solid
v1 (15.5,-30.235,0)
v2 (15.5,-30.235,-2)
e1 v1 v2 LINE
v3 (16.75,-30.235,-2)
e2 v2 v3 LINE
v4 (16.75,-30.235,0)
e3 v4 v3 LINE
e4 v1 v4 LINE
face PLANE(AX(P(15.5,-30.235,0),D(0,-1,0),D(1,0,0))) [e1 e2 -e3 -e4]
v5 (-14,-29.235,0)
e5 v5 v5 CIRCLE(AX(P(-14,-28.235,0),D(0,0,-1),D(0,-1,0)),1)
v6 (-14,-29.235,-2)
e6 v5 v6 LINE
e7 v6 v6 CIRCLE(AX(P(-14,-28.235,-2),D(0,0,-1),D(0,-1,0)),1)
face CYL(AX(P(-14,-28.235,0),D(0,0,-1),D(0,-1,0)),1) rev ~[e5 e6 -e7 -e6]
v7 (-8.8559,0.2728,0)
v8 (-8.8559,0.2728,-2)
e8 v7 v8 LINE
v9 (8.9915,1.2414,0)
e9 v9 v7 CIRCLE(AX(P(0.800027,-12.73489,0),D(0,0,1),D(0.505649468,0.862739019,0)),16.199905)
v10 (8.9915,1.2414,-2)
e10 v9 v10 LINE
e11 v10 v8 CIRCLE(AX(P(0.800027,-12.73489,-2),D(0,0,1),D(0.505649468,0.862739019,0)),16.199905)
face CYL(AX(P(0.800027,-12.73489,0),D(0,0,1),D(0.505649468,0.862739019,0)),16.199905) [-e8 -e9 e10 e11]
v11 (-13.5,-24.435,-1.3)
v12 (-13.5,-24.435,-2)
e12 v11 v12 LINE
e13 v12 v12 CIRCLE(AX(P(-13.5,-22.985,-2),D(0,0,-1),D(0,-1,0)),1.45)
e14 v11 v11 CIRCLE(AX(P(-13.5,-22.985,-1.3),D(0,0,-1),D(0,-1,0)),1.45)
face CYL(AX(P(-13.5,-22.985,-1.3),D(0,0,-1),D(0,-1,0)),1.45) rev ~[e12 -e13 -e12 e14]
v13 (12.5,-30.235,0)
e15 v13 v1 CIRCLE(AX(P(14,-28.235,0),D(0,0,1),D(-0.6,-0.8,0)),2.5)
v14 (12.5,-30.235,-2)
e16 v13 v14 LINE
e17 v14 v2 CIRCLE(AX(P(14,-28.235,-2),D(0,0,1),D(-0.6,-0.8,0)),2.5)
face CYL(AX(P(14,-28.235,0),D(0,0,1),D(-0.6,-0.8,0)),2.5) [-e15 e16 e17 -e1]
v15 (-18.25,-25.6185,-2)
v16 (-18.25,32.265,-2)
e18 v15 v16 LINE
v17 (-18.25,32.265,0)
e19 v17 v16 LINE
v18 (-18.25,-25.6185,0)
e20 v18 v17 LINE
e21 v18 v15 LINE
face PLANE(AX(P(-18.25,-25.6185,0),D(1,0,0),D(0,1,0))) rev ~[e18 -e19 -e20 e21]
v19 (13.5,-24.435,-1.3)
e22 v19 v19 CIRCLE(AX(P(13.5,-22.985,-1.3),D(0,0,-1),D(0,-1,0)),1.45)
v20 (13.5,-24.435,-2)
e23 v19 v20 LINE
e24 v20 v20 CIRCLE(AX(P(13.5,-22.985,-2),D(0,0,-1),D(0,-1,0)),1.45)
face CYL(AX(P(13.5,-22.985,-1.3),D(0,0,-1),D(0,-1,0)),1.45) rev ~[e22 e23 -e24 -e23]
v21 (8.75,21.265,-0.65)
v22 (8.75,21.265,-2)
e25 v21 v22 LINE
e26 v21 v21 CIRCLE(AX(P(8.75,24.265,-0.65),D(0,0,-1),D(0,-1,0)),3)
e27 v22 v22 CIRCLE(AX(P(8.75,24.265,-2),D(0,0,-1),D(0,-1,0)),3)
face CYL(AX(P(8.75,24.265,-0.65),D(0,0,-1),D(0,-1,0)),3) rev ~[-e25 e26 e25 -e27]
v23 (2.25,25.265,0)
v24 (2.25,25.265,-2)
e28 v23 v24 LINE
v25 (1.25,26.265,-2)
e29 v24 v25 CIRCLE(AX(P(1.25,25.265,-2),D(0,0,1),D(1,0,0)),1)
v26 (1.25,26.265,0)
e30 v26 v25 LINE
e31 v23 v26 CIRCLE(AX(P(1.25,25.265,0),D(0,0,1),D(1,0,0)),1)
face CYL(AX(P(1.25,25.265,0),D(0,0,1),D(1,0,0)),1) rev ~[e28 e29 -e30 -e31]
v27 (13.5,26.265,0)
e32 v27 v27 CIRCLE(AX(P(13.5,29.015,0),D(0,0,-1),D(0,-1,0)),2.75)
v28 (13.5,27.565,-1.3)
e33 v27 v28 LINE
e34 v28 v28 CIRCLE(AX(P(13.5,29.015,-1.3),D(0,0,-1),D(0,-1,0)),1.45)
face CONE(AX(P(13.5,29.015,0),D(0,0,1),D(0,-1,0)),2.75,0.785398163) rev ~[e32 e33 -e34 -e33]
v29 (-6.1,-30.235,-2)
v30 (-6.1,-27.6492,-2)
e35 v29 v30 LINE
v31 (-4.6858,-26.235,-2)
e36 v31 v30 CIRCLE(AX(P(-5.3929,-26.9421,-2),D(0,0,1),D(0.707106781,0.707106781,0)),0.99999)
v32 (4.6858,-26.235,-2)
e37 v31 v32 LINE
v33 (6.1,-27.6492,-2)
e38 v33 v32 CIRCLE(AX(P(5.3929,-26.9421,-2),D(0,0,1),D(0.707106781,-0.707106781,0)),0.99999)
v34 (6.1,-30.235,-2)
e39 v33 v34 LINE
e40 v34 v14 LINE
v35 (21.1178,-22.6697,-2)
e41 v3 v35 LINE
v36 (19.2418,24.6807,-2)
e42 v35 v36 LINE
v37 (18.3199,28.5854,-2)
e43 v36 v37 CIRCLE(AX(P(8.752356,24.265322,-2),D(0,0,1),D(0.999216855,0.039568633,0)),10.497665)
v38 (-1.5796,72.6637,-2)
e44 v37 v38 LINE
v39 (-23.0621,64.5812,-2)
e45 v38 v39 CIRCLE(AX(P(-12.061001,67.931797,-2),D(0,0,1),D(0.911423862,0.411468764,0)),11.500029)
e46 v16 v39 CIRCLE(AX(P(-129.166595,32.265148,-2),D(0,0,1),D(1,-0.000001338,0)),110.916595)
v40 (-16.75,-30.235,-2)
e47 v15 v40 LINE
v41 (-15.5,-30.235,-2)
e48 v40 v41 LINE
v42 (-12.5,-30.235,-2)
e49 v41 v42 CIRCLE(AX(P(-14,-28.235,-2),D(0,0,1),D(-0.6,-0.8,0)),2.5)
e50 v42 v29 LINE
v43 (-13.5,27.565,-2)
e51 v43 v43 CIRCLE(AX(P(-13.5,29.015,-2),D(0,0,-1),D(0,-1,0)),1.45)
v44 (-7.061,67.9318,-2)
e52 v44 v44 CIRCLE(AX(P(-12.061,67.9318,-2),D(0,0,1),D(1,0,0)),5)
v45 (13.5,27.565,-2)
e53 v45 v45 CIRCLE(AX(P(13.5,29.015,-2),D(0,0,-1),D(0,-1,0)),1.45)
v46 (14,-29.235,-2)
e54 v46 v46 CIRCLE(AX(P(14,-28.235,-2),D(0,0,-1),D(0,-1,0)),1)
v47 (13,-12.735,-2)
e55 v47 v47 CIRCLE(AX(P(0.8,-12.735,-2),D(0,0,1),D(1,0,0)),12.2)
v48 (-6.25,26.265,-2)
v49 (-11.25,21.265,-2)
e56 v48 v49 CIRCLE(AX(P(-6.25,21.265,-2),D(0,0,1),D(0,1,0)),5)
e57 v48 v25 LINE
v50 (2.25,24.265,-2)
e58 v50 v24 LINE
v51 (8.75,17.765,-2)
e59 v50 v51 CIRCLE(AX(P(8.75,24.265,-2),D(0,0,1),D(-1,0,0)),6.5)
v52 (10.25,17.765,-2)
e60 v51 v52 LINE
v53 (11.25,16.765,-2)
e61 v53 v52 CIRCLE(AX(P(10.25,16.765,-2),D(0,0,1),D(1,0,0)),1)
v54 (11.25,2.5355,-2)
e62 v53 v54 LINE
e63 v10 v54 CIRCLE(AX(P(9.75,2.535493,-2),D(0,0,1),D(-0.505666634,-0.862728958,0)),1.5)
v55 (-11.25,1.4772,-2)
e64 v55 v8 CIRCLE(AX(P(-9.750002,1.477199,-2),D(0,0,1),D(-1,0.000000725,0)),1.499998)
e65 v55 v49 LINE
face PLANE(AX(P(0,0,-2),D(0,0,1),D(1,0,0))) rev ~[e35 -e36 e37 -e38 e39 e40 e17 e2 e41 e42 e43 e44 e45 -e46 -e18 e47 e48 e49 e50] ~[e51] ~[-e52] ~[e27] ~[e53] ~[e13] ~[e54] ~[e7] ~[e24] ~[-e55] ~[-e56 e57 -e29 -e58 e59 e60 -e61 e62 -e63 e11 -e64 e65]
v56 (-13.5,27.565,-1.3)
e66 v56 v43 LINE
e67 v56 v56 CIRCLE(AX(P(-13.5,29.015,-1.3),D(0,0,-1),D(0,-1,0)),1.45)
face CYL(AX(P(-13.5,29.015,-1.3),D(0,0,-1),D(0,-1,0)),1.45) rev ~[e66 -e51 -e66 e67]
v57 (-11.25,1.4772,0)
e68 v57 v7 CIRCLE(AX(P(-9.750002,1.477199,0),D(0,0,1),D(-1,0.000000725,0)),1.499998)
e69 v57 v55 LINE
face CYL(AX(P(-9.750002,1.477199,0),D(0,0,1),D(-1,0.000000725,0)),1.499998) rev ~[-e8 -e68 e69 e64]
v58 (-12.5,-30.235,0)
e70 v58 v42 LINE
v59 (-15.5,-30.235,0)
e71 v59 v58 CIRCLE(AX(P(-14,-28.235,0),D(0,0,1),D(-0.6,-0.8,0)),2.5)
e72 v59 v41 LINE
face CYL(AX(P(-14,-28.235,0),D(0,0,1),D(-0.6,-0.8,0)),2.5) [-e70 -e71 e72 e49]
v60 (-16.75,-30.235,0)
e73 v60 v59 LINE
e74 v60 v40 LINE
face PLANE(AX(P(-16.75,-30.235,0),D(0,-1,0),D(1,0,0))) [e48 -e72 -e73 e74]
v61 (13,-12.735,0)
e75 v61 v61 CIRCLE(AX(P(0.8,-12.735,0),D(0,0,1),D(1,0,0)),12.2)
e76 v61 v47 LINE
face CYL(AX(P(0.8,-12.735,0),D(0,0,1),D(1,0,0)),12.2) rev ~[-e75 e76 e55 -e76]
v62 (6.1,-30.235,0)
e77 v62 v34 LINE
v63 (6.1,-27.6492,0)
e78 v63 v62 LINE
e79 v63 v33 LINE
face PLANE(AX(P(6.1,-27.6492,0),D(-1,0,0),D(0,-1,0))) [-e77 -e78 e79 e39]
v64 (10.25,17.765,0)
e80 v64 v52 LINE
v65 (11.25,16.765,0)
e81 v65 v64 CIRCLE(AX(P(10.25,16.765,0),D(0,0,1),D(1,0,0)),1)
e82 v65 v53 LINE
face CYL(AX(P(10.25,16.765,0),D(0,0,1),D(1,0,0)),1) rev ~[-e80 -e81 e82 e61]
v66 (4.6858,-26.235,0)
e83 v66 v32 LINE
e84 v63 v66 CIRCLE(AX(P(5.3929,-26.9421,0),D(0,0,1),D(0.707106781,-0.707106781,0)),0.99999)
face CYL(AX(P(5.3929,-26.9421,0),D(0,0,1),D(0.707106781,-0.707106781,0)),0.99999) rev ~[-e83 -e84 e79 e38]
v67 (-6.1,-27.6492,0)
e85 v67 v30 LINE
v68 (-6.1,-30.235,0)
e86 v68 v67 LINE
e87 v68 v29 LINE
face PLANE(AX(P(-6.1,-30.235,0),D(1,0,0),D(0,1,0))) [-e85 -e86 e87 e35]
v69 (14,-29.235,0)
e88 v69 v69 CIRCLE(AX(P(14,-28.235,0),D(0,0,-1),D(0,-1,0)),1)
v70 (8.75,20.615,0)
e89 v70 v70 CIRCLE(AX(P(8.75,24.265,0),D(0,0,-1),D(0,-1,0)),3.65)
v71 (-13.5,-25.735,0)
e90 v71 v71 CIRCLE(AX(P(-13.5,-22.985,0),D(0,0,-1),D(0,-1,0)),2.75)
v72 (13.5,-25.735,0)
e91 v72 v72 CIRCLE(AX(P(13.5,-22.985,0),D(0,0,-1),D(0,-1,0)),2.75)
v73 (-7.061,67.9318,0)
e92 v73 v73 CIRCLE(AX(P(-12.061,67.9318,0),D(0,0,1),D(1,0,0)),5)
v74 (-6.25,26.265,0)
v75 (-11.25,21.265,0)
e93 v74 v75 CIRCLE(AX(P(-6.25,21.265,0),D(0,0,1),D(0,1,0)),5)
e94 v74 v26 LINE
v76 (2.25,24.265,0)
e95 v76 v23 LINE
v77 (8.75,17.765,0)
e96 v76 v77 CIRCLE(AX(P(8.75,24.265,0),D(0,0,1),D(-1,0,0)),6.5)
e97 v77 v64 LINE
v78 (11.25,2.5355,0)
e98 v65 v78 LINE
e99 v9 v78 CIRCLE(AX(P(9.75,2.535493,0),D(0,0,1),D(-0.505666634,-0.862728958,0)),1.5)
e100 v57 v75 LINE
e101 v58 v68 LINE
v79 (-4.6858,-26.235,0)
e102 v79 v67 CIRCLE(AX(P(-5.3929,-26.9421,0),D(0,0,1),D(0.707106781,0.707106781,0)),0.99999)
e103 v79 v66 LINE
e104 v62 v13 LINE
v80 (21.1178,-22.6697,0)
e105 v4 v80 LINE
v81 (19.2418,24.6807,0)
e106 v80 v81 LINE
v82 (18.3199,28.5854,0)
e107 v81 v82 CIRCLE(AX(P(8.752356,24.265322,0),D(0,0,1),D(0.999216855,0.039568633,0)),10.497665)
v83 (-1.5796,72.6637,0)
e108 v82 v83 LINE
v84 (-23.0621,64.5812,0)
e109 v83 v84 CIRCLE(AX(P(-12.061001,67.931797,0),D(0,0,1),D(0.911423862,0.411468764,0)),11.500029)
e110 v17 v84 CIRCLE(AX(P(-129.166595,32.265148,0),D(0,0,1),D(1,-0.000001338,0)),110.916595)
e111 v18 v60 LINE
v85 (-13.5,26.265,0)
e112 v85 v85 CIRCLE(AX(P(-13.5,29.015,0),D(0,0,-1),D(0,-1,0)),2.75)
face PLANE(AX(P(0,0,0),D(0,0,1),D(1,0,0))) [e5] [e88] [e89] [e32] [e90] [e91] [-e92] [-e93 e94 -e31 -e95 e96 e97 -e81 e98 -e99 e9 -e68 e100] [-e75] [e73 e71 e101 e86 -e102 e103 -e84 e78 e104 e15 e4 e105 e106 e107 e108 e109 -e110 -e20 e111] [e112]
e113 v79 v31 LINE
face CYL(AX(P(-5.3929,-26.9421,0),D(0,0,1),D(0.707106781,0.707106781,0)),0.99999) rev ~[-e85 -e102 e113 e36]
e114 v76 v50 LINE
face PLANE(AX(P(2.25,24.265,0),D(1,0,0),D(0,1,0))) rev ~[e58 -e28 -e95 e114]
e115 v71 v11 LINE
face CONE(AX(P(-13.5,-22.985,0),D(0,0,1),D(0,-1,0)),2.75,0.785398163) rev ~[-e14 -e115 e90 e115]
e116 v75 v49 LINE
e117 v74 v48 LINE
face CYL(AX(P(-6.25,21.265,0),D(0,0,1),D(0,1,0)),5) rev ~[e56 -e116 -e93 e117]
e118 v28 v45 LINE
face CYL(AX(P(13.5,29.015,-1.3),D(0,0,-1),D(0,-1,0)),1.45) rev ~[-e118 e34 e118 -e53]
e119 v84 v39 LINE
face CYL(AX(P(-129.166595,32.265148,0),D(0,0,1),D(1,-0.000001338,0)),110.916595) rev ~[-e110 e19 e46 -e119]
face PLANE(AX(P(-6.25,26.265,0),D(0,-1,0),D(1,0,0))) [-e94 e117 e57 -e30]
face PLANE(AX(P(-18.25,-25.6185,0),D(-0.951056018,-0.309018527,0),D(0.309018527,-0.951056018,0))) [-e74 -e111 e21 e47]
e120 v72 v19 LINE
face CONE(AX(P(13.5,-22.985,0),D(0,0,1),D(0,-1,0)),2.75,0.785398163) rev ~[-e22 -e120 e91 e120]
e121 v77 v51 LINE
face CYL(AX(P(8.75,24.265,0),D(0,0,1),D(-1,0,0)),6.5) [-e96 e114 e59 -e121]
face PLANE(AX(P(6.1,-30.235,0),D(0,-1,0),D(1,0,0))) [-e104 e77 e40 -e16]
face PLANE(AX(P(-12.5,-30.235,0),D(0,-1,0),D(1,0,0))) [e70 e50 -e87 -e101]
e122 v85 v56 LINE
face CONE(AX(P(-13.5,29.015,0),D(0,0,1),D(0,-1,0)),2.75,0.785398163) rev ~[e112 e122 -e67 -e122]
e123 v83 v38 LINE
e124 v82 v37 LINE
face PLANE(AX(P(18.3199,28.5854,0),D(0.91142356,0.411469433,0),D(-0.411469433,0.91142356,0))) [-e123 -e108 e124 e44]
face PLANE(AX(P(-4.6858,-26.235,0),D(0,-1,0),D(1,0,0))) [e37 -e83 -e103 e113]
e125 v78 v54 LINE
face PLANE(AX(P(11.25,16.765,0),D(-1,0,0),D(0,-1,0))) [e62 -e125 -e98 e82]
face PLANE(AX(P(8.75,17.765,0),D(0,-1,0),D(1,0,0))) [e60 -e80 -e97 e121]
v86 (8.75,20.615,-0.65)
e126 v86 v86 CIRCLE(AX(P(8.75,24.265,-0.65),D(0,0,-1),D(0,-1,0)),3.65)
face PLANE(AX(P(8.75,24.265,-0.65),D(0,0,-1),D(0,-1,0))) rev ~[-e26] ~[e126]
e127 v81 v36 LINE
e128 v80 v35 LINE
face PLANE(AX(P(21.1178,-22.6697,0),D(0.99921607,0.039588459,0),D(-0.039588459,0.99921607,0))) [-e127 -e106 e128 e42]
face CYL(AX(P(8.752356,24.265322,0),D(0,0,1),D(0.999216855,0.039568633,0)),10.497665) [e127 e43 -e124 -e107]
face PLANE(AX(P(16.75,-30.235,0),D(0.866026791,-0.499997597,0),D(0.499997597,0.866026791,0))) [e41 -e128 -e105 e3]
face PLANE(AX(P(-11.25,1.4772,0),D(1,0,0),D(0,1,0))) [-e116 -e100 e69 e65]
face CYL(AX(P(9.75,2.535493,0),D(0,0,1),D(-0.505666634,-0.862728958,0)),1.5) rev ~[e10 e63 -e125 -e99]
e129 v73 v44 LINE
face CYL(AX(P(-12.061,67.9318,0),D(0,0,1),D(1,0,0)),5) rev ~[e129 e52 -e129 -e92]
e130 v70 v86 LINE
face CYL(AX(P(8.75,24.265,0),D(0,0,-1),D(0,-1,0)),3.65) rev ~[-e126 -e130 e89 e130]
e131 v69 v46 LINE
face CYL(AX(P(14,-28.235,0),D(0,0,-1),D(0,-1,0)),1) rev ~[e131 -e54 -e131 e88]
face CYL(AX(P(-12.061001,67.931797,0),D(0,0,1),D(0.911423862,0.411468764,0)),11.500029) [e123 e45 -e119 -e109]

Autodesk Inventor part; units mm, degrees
ref_plane "YZ Plane" through (0, 0, 0) normal (1, 0, 0) x (0, 1, 0)
ref_plane "XZ Plane" through (0, 0, 0) normal (0, 1, 0) x (-1, 0, 0)
ref_plane "XY Plane" through (0, 0, 0) normal (0, 0, 1) x (1, 0, 0)
sketch "スケッチ1" plane through (0, 0, 0) normal (0, 0, 1) x (1, 0, 0)
  circle A0 centre (13.5, 29.015) radius 1.3 construction
  circle A1 centre (-13.5, 29.015) radius 1.3 construction
  circle A2 centre (-13.5, -22.985) radius 1.3 construction
  circle A3 centre (13.5, -22.985) radius 1.3 construction
  line L0 (13.5, 29.015) -> (-13.5, 29.015) construction
  line L1 (-13.5, 29.015) -> (-13.5, -22.985) construction
  line L2 (-13.5, -22.985) -> (13.5, -22.985) construction
  line L3 (13.5, -22.985) -> (13.5, 29.015) construction
  line L4 (21.1178, -22.6697) -> (19.2418, 24.6807)
  arc A4 (19.2418, 24.6807) -> (18.3199, 28.5854) centre (8.75, 24.265) ccw
  line L5 (0, 0) -> (0, -35.9566) construction
  circle A5 centre (-12.061, 67.9318) radius 5
  line L6 (-16.75, -30.235) -> (-15.5, -30.235) projected
  arc A6 (-15.5, -30.235) -> (-12.5, -30.235) centre (-14, -28.235) ccw projected
  line L7 (-12.5, -30.235) -> (-6.1, -30.235) projected
  line L8 (-6.1, -30.235) -> (-6.1, -27.6492) projected
  arc A7 (-4.6858, -26.235) -> (-6.1, -27.6492) centre (-5.3929, -26.9421) ccw projected
  line L9 (-4.6858, -26.235) -> (4.6858, -26.235) projected
  arc A8 (6.1, -27.6492) -> (4.6858, -26.235) centre (5.3929, -26.9421) ccw projected
  line L10 (6.1, -27.6492) -> (6.1, -30.235) projected
  line L11 (6.1, -30.235) -> (12.5, -30.235) projected
  arc A9 (12.5, -30.235) -> (15.5, -30.235) centre (14, -28.235) ccw projected
  line L12 (15.5, -30.235) -> (16.75, -30.235) projected
  arc A10 (-11.25, -10.8278) -> (11.25, -6.4392) centre (0.8, -12.735) ccw construction
  circle A11 centre (0.8, -12.735) radius 12.2
  circle A12 centre (-12.061, 67.9318) radius 5 construction
  circle A13 centre (8.75, 24.265) radius 3 construction
  line L13 (-11.25, 1.4772) -> (-11.25, 21.265)
  arc A14 (-6.25, 26.265) -> (-11.25, 21.265) centre (-6.25, 21.265) ccw
  line L14 (-6.25, 26.265) -> (1.25, 26.265)
  line L15 (11.25, 16.765) -> (11.25, 2.5355)
  arc A15 (2.25, 24.265) -> (8.75, 17.765) centre (8.75, 24.265) ccw
  line L16 (8.75, 17.765) -> (10.25, 17.765)
  line L17 (2.25, 24.265) -> (2.25, 25.265)
  arc A16 (11.25, 16.765) -> (10.25, 17.765) centre (10.25, 16.765) ccw
  arc A17 (2.25, 25.265) -> (1.25, 26.265) centre (1.25, 25.265) ccw
  arc A18 (8.9915, 1.2414) -> (-8.8559, 0.2728) centre (0.8, -12.735) ccw
  arc A19 (8.9915, 1.2414) -> (11.25, 2.5355) centre (9.75, 2.5355) ccw
  arc A20 (-11.25, 1.4772) -> (-8.8559, 0.2728) centre (-9.75, 1.4772) ccw
  line L18 (18.3199, 28.5854) -> (-1.5796, 72.6637)
  arc A21 (-1.5796, 72.6637) -> (-23.0621, 64.5812) centre (-12.061, 67.9318) ccw
  line L19 (-18.25, -25.6185) -> (-16.75, -30.235)
  line L20 (16.75, -30.235) -> (21.1178, -22.6697)
  line L21 (16.0414, 27.5568) -> (-3.8582, 71.635) construction
  arc A22 (16.7437, 24.5817) -> (16.0414, 27.5568) centre (8.75, 24.265) ccw construction
  line L22 (18.7764, -26.7219) -> (16.7437, 24.5817) construction
  arc A23 (-15.75, 32.265) -> (-20.6705, 65.3096) centre (-129.1686, 32.265) ccw construction
  line L23 (-15.75, 32.265) -> (-15.75, -31.3287) construction
  line L24 (-18.25, -25.6185) -> (-18.25, 32.265)
  arc A24 (-18.25, 32.265) -> (-23.0621, 64.5812) centre (-129.1686, 32.265) ccw
  point P0 (0, -56.485)
  point P1 (11.25, -0.3561)
  point P2 (-11.25, -1.9074)
  dimension "d3" = 10
  dimension "d22" = 3.5
  dimension "d23" = 1
  dimension "d24" = 1.5
  dimension "d25" = 4
  dimension "d35" = 11.5
  dimension "d37" = 18
  dimension "d38" = 30
extrude "押し出し1" add sketch "スケッチ1" against normal blind 2
hole "穴1" at (-13.5, 29.015, 0) at (-13.5, -22.985, 0) at (13.5, -22.985, 0) at (13.5, 29.015, 0) direction (0, 0, -1) diameter 2.9 end through all countersink diameter 5.5 countersink angle 90 clearance for "Countersunk Flat Head Screw ISO 2009/7046" size "M2.5" standard "ISO"
hole "穴2" at (14, -28.235, 0) at (-14, -28.235, 0) direction (0, 0, -1) diameter 2 end through all
hole "穴3" at (8.75, 24.265, 0) direction (0, 0, -1) diameter 6 end through all counterbore diameter 7.3 counterbore depth 0.65
properties part number "UPPER_LEG_MIDDLE_FRAME"
